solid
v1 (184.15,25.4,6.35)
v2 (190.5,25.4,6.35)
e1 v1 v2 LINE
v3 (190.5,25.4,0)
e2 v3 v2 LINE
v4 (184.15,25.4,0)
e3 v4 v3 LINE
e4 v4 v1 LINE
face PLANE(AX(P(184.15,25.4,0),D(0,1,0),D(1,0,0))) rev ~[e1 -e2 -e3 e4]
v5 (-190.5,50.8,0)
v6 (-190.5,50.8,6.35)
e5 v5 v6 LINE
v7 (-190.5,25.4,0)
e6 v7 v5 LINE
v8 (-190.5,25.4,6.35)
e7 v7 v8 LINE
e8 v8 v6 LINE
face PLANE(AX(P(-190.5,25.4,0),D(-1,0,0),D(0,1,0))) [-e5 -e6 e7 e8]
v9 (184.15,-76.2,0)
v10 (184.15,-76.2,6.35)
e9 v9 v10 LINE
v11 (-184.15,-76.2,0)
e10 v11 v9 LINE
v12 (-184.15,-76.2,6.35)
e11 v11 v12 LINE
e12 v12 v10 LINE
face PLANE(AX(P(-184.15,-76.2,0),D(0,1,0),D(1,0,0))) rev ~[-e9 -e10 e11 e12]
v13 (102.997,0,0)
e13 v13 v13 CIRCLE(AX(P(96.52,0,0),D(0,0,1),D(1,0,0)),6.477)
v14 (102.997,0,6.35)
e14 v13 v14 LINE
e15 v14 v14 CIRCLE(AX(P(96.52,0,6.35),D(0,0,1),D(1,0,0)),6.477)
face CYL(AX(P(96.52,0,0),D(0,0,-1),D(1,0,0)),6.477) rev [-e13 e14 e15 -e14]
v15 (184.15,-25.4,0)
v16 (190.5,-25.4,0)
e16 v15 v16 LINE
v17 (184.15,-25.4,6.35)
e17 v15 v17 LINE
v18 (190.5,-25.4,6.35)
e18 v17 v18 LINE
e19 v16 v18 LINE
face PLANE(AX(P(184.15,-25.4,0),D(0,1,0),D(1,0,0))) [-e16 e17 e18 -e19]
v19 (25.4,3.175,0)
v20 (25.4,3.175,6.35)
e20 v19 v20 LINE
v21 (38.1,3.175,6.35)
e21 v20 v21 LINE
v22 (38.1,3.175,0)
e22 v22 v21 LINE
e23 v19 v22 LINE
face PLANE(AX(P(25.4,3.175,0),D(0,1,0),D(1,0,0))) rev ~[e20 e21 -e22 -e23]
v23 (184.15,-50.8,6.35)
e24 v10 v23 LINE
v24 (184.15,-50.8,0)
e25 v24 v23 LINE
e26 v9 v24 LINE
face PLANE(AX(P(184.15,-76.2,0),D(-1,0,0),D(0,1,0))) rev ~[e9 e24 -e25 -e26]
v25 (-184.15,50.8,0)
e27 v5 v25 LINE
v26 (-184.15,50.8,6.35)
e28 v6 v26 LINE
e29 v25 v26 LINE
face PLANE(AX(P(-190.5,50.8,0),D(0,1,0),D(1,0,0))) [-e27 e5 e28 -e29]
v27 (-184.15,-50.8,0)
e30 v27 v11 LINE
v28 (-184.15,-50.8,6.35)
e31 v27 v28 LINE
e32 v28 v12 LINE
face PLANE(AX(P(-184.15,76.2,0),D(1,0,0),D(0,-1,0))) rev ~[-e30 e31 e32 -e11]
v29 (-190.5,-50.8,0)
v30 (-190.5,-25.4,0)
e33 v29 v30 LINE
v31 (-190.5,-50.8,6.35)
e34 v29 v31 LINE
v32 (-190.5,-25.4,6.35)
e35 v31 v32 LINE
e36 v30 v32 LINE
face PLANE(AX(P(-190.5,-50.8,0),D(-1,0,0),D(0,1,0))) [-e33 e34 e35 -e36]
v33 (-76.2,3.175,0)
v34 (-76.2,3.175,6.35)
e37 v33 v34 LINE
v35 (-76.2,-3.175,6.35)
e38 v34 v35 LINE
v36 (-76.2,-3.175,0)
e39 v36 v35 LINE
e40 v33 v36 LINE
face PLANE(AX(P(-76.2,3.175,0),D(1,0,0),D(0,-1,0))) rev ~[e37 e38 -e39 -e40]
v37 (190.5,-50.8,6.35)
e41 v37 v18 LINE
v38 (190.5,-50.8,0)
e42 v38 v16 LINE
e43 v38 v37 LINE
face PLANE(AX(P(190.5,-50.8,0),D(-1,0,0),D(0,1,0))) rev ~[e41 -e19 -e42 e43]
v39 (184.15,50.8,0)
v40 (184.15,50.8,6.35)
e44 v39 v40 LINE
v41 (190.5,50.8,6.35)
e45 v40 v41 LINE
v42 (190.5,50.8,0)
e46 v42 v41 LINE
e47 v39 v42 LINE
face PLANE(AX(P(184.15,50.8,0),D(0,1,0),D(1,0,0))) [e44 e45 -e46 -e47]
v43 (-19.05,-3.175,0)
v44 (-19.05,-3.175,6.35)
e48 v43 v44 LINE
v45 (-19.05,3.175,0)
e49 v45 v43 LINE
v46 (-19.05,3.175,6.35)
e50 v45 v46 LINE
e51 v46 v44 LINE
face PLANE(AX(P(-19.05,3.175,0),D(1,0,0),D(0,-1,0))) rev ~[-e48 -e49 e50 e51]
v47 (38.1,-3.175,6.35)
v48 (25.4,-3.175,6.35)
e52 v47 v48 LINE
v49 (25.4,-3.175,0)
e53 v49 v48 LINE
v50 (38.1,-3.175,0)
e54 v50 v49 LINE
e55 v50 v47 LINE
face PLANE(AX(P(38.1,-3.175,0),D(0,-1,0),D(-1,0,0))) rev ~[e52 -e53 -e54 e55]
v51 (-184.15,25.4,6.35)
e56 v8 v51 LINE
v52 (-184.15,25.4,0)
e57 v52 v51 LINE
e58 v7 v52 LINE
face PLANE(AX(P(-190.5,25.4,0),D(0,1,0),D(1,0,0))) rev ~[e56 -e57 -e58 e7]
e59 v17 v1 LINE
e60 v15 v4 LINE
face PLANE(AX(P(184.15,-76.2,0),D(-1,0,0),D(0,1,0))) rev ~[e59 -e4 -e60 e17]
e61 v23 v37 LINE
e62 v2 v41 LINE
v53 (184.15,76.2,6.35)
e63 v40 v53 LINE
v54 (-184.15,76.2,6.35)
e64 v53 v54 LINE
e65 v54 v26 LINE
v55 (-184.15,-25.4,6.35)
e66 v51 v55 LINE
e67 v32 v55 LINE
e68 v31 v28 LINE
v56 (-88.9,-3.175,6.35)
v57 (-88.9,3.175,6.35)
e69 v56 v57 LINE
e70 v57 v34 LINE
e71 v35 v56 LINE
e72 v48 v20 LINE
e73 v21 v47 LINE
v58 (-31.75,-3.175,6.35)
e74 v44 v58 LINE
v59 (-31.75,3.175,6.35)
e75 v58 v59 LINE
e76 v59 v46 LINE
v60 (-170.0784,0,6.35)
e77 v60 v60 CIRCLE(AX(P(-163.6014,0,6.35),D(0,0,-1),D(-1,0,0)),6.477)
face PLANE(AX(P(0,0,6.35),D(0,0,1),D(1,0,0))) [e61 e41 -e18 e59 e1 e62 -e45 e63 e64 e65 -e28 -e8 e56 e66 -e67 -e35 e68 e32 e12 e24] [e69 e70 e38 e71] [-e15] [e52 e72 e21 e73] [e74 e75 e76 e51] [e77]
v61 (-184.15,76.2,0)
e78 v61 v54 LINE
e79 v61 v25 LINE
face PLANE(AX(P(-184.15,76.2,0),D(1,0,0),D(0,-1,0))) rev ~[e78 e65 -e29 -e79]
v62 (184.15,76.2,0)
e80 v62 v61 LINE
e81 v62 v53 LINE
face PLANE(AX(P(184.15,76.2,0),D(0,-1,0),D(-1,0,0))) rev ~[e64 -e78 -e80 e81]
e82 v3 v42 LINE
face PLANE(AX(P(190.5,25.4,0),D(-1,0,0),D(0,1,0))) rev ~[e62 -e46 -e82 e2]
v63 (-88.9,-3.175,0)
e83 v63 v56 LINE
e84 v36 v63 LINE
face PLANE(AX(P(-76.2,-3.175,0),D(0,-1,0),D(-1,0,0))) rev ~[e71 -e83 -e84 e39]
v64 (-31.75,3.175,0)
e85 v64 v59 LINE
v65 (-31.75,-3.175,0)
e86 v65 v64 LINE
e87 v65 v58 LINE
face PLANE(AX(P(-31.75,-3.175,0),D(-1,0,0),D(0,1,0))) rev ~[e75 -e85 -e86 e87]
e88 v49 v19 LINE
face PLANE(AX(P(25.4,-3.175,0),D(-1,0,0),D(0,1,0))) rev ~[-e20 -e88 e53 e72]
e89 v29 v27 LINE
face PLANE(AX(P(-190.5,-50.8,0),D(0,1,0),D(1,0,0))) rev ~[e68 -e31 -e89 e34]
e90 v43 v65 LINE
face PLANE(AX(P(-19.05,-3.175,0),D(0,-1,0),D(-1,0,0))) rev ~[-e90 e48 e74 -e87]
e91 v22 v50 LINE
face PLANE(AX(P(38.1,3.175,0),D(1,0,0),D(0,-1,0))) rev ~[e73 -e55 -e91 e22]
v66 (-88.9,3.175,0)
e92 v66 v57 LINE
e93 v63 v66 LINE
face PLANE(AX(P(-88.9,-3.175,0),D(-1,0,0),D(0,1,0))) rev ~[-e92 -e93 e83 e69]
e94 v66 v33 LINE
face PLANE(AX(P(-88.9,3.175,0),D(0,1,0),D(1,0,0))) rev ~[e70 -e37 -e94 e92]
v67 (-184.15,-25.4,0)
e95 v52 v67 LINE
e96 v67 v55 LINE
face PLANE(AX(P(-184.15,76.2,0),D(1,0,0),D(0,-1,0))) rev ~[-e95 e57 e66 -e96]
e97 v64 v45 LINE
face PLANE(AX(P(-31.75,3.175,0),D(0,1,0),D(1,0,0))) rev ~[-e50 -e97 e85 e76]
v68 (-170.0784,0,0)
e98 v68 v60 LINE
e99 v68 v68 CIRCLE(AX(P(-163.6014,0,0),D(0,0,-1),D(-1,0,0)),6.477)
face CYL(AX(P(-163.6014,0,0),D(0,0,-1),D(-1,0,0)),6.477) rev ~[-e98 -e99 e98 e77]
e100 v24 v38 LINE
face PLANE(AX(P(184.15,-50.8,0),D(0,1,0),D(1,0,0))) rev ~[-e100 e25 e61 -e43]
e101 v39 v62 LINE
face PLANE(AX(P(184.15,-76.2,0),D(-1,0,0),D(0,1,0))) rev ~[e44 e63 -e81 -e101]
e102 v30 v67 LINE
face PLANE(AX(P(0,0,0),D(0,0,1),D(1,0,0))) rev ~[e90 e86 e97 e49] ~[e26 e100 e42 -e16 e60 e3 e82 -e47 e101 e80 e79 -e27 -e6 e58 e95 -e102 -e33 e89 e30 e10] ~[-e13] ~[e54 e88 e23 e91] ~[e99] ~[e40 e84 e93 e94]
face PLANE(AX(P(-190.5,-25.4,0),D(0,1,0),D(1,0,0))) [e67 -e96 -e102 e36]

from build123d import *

# Parameters (mm, degrees)
F0_R     = 6.477
F1_DEPTH = 6.35
F0_W     = 6.35
F0_H     = 25.4
F2_DEPTH = 6.35
F3_DEPTH = 6.35
F4_DEPTH = 6.35
F5_DEPTH = 6.35


with BuildPart() as f1:
    # F0 (on Top) → F1 (new body)
    with BuildSketch(Plane.XY):
        Polygon((184.15, 76.2), (-184.15, 76.2), (-184.15, 50.8), (-184.15, 25.4), (-184.15, 0), (-184.15, -25.4), (-184.15, -50.8), (-184.15, -76.2), (184.15, -76.2), (184.15, -50.8), (184.15, -25.4), (184.15, 0), (184.15, 25.4), (184.15, 50.8), align=None)
        with BuildLine():
            ThreePointArc((-157.1244, 0), (-163.6014, -6.477), (-170.0784, 0))
            ThreePointArc((-170.0784, 0), (-163.6014, 6.477), (-157.1244, 0))
        make_face(mode=Mode.SUBTRACT)
        Polygon((-88.9, -3.175), (-88.9, 0), (-88.9, 3.175), (-76.2, 3.175), (-76.2, 0), (-76.2, -3.175), align=None, mode=Mode.SUBTRACT)
        Polygon((-31.75, -3.175), (-31.75, 0), (-31.75, 3.175), (-19.05, 3.175), (-19.05, 0), (-19.05, -3.175), align=None, mode=Mode.SUBTRACT)
        Polygon((25.4, -3.175), (25.4, 0), (25.4, 3.175), (38.1, 3.175), (38.1, 0), (38.1, -3.175), align=None, mode=Mode.SUBTRACT)
        with Locations((96.52, 0)):
            Circle(F0_R, mode=Mode.SUBTRACT)
    extrude(amount=F1_DEPTH)

    # F0 (on Top) → F2 (join)
    with BuildSketch(Plane.XY):
        with Locations((187.325, -38.1)):
            Rectangle(F0_W, F0_H)
    extrude(amount=F2_DEPTH)

    # F0 (on Top) → F3 (join)
    with BuildSketch(Plane.XY):
        with Locations((187.325, 38.1)):
            Rectangle(F0_W, F0_H)
    extrude(amount=F3_DEPTH)

    # F0 (on Top) → F4 (join)
    with BuildSketch(Plane.XY):
        with Locations((-187.325, -38.1)):
            Rectangle(F0_W, F0_H)
    extrude(amount=F4_DEPTH)

    # F0 (on Top) → F5 (join)
    with BuildSketch(Plane.XY):
        with Locations((-187.325, 38.1)):
            Rectangle(F0_W, F0_H)
    extrude(amount=F5_DEPTH)


solid = f1.part
